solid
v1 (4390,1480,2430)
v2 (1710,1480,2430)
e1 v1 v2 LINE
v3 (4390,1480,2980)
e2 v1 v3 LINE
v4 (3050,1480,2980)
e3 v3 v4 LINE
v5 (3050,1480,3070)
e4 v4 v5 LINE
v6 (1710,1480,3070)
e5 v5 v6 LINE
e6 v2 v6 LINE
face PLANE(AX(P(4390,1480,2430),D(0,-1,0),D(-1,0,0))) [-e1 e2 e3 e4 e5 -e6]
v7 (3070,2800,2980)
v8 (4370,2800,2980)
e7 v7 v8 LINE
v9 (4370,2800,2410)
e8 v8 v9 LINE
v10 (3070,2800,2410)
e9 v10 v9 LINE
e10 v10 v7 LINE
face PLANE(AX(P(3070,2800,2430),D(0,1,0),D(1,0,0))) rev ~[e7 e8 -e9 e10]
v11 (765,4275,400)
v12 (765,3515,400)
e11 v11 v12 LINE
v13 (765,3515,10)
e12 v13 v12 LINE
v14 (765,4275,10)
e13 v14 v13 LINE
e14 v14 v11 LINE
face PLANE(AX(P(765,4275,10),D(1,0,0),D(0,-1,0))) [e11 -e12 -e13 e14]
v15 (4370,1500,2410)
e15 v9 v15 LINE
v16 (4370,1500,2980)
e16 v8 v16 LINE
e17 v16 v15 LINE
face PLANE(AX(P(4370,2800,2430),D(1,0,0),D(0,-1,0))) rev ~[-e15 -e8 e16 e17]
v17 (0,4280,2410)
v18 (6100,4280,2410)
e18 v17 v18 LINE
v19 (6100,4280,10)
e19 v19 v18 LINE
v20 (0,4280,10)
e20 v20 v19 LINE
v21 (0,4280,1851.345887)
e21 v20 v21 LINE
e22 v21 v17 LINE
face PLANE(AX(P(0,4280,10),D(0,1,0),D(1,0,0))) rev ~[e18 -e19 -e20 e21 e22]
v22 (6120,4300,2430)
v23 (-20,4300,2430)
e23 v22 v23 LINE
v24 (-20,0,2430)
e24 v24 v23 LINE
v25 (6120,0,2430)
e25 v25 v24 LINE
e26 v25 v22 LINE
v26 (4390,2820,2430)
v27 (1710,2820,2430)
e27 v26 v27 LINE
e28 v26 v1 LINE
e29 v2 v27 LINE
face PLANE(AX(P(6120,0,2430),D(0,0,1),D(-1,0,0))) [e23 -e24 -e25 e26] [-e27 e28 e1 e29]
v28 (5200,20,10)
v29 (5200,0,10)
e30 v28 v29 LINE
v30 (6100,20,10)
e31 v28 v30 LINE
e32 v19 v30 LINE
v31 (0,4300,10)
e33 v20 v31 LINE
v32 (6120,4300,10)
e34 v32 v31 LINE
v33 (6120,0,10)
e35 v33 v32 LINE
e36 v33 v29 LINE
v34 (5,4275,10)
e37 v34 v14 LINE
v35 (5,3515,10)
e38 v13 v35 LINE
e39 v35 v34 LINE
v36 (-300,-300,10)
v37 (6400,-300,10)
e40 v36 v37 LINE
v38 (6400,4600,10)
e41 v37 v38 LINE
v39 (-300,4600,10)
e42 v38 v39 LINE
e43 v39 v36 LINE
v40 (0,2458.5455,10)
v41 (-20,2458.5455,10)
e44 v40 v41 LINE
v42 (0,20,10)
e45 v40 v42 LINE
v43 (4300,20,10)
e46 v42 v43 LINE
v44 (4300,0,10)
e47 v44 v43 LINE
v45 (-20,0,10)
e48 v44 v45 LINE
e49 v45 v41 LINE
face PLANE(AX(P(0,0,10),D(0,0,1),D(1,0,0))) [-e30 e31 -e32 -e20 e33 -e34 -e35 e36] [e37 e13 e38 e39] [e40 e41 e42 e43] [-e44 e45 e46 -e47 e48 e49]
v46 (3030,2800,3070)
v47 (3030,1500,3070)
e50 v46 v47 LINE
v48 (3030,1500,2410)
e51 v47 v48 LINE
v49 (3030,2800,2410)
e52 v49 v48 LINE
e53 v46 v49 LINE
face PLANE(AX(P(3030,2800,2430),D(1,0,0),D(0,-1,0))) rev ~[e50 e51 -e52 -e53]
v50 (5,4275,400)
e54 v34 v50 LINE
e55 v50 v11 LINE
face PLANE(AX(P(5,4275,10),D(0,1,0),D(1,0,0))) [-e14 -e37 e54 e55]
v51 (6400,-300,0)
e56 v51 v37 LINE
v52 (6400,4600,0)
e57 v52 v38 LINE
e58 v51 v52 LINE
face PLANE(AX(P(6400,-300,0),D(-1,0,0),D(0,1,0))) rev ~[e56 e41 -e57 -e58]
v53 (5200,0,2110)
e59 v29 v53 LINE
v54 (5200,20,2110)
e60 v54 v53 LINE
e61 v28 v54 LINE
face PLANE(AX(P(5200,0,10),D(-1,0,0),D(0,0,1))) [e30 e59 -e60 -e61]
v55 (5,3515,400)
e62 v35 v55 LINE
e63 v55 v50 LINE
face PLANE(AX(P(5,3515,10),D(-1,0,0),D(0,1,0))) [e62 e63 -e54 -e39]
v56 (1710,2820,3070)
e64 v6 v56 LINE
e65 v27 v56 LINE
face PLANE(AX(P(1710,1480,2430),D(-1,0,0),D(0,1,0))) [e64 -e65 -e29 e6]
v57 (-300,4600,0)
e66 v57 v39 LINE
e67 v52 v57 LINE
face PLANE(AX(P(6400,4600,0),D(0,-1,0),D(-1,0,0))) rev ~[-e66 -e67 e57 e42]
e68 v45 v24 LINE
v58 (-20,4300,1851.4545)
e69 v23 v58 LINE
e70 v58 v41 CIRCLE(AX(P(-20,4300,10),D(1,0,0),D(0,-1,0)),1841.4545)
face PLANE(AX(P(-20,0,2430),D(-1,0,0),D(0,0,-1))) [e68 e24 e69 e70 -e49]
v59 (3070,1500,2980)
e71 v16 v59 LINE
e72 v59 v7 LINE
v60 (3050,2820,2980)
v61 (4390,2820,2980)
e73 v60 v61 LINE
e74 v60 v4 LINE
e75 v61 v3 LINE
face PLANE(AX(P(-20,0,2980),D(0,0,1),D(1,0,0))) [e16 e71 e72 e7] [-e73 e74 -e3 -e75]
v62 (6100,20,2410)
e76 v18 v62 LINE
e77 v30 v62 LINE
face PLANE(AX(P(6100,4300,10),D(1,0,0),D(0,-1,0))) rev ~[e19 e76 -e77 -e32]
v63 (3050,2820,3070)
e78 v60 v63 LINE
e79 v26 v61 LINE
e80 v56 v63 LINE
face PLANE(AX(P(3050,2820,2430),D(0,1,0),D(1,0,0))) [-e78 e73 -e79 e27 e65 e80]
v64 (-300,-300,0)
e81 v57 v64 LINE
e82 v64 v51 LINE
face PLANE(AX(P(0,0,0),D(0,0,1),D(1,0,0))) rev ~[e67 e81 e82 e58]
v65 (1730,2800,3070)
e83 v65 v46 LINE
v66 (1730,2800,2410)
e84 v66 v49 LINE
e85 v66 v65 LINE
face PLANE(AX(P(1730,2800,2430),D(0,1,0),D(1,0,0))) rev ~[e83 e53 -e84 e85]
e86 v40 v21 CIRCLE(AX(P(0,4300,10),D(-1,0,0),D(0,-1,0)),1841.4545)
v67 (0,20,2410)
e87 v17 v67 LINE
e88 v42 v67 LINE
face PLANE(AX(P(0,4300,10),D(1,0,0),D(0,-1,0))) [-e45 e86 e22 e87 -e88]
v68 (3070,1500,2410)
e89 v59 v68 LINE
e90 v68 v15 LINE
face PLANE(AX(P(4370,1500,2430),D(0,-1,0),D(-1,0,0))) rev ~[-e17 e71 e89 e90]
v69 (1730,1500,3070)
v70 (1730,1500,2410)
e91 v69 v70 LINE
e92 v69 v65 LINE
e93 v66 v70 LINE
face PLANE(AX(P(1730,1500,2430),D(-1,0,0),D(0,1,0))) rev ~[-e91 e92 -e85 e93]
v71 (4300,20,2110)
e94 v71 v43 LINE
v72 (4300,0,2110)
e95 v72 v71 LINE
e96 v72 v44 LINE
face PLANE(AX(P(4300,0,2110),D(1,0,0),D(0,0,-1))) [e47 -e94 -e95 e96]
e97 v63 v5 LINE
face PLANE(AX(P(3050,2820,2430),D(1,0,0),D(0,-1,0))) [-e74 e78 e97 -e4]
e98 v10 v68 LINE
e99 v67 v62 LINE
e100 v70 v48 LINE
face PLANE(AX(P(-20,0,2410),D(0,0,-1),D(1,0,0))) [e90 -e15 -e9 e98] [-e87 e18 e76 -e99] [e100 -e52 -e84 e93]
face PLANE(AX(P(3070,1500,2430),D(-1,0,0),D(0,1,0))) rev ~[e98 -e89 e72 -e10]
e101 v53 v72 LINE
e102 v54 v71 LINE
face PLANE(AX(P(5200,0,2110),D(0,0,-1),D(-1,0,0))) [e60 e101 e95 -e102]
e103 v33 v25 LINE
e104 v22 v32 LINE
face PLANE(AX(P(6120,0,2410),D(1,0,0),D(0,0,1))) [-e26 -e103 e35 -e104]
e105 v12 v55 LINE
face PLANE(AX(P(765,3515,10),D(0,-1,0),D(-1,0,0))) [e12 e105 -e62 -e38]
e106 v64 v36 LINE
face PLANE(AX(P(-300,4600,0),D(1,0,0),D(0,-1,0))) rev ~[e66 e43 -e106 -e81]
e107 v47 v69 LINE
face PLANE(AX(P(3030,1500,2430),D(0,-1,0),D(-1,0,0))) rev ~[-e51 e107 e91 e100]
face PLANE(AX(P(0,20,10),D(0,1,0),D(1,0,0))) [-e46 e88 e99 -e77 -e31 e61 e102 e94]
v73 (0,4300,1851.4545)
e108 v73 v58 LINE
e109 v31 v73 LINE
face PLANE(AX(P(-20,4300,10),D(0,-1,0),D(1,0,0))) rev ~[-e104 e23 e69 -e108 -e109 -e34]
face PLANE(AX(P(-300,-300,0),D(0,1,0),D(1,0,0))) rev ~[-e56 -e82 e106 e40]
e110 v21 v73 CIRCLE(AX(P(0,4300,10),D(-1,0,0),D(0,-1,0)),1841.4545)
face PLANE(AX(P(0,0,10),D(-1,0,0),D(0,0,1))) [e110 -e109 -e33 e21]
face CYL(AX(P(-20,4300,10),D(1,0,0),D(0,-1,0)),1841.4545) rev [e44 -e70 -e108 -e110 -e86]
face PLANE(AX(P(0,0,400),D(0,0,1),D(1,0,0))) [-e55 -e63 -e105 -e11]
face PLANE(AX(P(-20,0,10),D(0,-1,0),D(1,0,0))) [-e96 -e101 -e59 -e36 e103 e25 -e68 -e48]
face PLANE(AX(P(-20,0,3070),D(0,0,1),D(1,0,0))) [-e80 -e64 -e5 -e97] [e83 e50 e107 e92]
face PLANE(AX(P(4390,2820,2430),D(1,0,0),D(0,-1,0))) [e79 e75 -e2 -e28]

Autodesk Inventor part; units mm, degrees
ref_plane "YZ Plane" through (0, 0, 0) normal (1, 0, 0) x (0, 1, 0)
ref_plane "XZ Plane" through (0, 0, 0) normal (0, 1, 0) x (-1, 0, 0)
ref_plane "XY Plane" through (0, 0, 0) normal (0, 0, 1) x (1, 0, 0)
sketch "Sketch1" plane through (0, 0, 0) normal (0, 0, 1) x (1, 0, 0)
  line L0 (-300, -300) -> (6400, -300)
  line L1 (6400, -300) -> (6400, 4600)
  line L2 (6400, 4600) -> (-300, 4600)
  line L3 (-300, 4600) -> (-300, -300)
  point P0 (0, 0)
  dimension "d0" = 300
  dimension "d3" = 6700
  dimension "d5" = 4900
  dimension "d6" = 300
extrude "Extrusion1" add sketch "Sketch1" along normal blind 10
sketch "Sketch2" plane through (0, 0, 10) normal (0, 0, 1) x (1, 0, 0)
  line L0 (-300, -300) -> (6400, -300) projected
  line L1 (6400, 4600) -> (-300, 4600) projected
  line L2 (-300, 4600) -> (-300, -300) projected
  line L3 (-20, 4300) -> (0, 4300)
  line L4 (0, 4300) -> (0, 0)
  line L5 (0, 0) -> (-20, 0)
  line L6 (-20, 0) -> (-20, 4300)
  dimension "d9" = 280
  dimension "d10" = 20
  dimension "d11" = 300
  dimension "d12" = 300
extrude "Extrusion2" add sketch "Sketch2" along normal blind 2400
sketch "Sketch3" plane through (0, 0, 10) normal (0, 0, 1) x (1, 0, 0)
  line L0 (0, 4300) -> (0, 0) projected
  line L1 (0, 20) -> (6100, 20)
  line L2 (6100, 20) -> (6100, 0)
  line L3 (6100, 0) -> (0, 0)
  line L4 (0, 0) -> (0, 20)
  dimension "d15" = 6100
  dimension "d17" = 20
extrude "Extrusion3" add sketch "Sketch3" along normal blind 2400
sketch "Sketch4" plane through (0, 0, 10) normal (0, 0, 1) x (1, 0, 0)
  line L0 (6100, 0) -> (6120, 0)
  line L1 (6120, 0) -> (6120, 4300)
  line L2 (6120, 4300) -> (6100, 4300)
  line L3 (6100, 4300) -> (6100, 0)
  point P0 (0, 0)
  dimension "d20" = 20
  dimension "d22" = 4300
extrude "Extrusion4" add sketch "Sketch4" along normal blind 2400
sketch "Sketch5" plane through (0, 0, 10) normal (0, 0, 1) x (1, 0, 0)
  line L0 (0, 4300) -> (0, 20) projected
  line L1 (0, 4280) -> (6120, 4280)
  line L2 (6120, 4280) -> (6120, 4300)
  line L3 (6120, 4300) -> (0, 4300)
  line L4 (0, 4300) -> (0, 4280)
  point P0 (0, 0)
  dimension "d25" = 20
extrude "Extrusion5" add sketch "Sketch5" along normal blind 2400
sketch "Sketch6" plane through (-20, 0, 10) normal (0, -1, 0) x (1, 0, 0)
  line L0 (6140, 0) -> (0, 0) projected
  line L1 (4320, 0) -> (5220, 0)
  line L2 (5220, 0) -> (5220, 2100)
  line L3 (5220, 2100) -> (4320, 2100)
  line L4 (4320, 2100) -> (4320, 0)
  line L5 (20, 2400) -> (20, 0) projected
  point P0 (20, -10)
  dimension "d29" = 4300
  dimension "d30" = 900
  dimension "d31" = 2100
extrude "Extrusion6" cut sketch "Sketch6" along normal mid plane 40
sketch "Sketch7" plane through (0, 0, 10) normal (0, 0, 1) x (1, 0, 0)
  line L0 (6100, 4280) -> (0, 4280) projected
  line L1 (0, 4280) -> (0, 20) projected
  line L2 (5, 4275) -> (765, 4275)
  line L3 (765, 4275) -> (765, 3515)
  line L4 (765, 3515) -> (5, 3515)
  line L5 (5, 3515) -> (5, 4275)
  point P0 (0, 0)
  dimension "d34" = 760
  dimension "d36" = 760
  dimension "d37" = 5
  dimension "d38" = 5
extrude "Extrusion7" add sketch "Sketch7" along normal blind 390
sketch "Sketch8" plane through (-20, 0, 10) normal (0, -1, 0) x (1, 0, 0)
  line L0 (0, 2400) -> (6140, 2400)
  line L1 (6140, 2400) -> (6140, 2420)
  line L2 (6140, 2420) -> (0, 2420)
  line L3 (0, 2420) -> (0, 2400)
  point P0 (20, -10)
  dimension "d41" = 20
extrude "Extrusion8" add sketch "Sketch8" against normal blind 4300
sketch "Sketch9" plane through (-20, 0, 2430) normal (0, 0, 1) x (1, 0, 0)
  line L0 (0, 4300) -> (6140, 4300) projected
  line L1 (0, 0) -> (0, 4300) projected
  line L2 (1750, 2800) -> (3050, 2800)
  line L3 (3050, 2800) -> (3050, 1500)
  line L4 (3050, 1500) -> (1750, 1500)
  line L5 (1750, 1500) -> (1750, 2800)
  line L6 (1730, 2820) -> (3070, 2820)
  line L7 (3070, 2820) -> (3070, 1480)
  line L8 (3070, 1480) -> (1730, 1480)
  line L9 (1730, 1480) -> (1730, 2820)
  point P0 (20, 0)
  dimension "d45" = 1500
  dimension "d46" = 1300
  dimension "d47" = 1300
  dimension "d48" = 1750
  dimension "d49" = 20
  dimension "d50" = 20
  dimension "d51" = 20
  dimension "d52" = 20
extrude "Extrusion9" add sketch "Sketch9" along normal blind 640
sketch "Sketch10" plane through (1730, 2800, 2430) normal (0, 0, 1) x (1, 0, 0)
  line L0 (1300, -1300) -> (1300, 0) projected
  line L1 (1300, 0) -> (0, 0) projected
  line L2 (0, 0) -> (1300, 0)
  line L3 (1300, 0) -> (1300, -1300)
  line L4 (1300, -1300) -> (0, -1300)
  line L5 (0, -1300) -> (0, 0)
  point P0 (-1730, -2800)
extrude "Extrusion10" cut sketch "Sketch10" against normal blind 40
sketch "Sketch11" plane through (-20, 0, 2430) normal (0, 0, 1) x (1, 0, 0)
  line L0 (3070, 2820) -> (3070, 1480) projected
  line L1 (3070, 2820) -> (4410, 2820)
  line L2 (4410, 2820) -> (4410, 1480)
  line L3 (4410, 1480) -> (3070, 1480)
  line L4 (3070, 1480) -> (3070, 2820)
  line L5 (3090, 2800) -> (4390, 2800)
  line L6 (4390, 2800) -> (4390, 1500)
  line L7 (4390, 1500) -> (3090, 1500)
  line L8 (3090, 1500) -> (3090, 2800)
  point P0 (20, 0)
  dimension "d57" = 1340
  dimension "d59" = 20
  dimension "d60" = 20
  dimension "d61" = 20
  dimension "d62" = 20
extrude "Extrusion11" add sketch "Sketch11" along normal blind 550
sketch "Sketch12" plane through (3070, 2800, 2430) normal (0, 0, 1) x (1, 0, 0)
  line L0 (1300, -1300) -> (1300, 0) projected
  line L1 (1300, 0) -> (0, 0) projected
  line L2 (0, 0) -> (1300, 0)
  line L3 (1300, 0) -> (1300, -1300)
  line L4 (1300, -1300) -> (0, -1300)
  line L5 (0, -1300) -> (0, 0)
  point P0 (-3070, -2800)
extrude "Extrusion12" cut sketch "Sketch12" against normal blind 40
sketch "Sketch14" plane through (-20, 0, 10) normal (-1, 0, 0) x (0, 0, 1)
  line L0 (0, 0) -> (0, 4300) projected
  line L1 (0, 4300) -> (2420, 4300) projected
  arc A0 (0, 2458.5455) -> (1841.4545, 4300) centre (0, 4300) ccw
  line L2 (1841.4545, 4300) -> (0, 4300)
  line L3 (0, 4300) -> (0, 2458.5455)
  point P0 (-10, 0)
extrude "Extrusion14" cut sketch "Sketch14" along normal mid plane 40
properties part number "UL_NIST_Vents_Drawing"
